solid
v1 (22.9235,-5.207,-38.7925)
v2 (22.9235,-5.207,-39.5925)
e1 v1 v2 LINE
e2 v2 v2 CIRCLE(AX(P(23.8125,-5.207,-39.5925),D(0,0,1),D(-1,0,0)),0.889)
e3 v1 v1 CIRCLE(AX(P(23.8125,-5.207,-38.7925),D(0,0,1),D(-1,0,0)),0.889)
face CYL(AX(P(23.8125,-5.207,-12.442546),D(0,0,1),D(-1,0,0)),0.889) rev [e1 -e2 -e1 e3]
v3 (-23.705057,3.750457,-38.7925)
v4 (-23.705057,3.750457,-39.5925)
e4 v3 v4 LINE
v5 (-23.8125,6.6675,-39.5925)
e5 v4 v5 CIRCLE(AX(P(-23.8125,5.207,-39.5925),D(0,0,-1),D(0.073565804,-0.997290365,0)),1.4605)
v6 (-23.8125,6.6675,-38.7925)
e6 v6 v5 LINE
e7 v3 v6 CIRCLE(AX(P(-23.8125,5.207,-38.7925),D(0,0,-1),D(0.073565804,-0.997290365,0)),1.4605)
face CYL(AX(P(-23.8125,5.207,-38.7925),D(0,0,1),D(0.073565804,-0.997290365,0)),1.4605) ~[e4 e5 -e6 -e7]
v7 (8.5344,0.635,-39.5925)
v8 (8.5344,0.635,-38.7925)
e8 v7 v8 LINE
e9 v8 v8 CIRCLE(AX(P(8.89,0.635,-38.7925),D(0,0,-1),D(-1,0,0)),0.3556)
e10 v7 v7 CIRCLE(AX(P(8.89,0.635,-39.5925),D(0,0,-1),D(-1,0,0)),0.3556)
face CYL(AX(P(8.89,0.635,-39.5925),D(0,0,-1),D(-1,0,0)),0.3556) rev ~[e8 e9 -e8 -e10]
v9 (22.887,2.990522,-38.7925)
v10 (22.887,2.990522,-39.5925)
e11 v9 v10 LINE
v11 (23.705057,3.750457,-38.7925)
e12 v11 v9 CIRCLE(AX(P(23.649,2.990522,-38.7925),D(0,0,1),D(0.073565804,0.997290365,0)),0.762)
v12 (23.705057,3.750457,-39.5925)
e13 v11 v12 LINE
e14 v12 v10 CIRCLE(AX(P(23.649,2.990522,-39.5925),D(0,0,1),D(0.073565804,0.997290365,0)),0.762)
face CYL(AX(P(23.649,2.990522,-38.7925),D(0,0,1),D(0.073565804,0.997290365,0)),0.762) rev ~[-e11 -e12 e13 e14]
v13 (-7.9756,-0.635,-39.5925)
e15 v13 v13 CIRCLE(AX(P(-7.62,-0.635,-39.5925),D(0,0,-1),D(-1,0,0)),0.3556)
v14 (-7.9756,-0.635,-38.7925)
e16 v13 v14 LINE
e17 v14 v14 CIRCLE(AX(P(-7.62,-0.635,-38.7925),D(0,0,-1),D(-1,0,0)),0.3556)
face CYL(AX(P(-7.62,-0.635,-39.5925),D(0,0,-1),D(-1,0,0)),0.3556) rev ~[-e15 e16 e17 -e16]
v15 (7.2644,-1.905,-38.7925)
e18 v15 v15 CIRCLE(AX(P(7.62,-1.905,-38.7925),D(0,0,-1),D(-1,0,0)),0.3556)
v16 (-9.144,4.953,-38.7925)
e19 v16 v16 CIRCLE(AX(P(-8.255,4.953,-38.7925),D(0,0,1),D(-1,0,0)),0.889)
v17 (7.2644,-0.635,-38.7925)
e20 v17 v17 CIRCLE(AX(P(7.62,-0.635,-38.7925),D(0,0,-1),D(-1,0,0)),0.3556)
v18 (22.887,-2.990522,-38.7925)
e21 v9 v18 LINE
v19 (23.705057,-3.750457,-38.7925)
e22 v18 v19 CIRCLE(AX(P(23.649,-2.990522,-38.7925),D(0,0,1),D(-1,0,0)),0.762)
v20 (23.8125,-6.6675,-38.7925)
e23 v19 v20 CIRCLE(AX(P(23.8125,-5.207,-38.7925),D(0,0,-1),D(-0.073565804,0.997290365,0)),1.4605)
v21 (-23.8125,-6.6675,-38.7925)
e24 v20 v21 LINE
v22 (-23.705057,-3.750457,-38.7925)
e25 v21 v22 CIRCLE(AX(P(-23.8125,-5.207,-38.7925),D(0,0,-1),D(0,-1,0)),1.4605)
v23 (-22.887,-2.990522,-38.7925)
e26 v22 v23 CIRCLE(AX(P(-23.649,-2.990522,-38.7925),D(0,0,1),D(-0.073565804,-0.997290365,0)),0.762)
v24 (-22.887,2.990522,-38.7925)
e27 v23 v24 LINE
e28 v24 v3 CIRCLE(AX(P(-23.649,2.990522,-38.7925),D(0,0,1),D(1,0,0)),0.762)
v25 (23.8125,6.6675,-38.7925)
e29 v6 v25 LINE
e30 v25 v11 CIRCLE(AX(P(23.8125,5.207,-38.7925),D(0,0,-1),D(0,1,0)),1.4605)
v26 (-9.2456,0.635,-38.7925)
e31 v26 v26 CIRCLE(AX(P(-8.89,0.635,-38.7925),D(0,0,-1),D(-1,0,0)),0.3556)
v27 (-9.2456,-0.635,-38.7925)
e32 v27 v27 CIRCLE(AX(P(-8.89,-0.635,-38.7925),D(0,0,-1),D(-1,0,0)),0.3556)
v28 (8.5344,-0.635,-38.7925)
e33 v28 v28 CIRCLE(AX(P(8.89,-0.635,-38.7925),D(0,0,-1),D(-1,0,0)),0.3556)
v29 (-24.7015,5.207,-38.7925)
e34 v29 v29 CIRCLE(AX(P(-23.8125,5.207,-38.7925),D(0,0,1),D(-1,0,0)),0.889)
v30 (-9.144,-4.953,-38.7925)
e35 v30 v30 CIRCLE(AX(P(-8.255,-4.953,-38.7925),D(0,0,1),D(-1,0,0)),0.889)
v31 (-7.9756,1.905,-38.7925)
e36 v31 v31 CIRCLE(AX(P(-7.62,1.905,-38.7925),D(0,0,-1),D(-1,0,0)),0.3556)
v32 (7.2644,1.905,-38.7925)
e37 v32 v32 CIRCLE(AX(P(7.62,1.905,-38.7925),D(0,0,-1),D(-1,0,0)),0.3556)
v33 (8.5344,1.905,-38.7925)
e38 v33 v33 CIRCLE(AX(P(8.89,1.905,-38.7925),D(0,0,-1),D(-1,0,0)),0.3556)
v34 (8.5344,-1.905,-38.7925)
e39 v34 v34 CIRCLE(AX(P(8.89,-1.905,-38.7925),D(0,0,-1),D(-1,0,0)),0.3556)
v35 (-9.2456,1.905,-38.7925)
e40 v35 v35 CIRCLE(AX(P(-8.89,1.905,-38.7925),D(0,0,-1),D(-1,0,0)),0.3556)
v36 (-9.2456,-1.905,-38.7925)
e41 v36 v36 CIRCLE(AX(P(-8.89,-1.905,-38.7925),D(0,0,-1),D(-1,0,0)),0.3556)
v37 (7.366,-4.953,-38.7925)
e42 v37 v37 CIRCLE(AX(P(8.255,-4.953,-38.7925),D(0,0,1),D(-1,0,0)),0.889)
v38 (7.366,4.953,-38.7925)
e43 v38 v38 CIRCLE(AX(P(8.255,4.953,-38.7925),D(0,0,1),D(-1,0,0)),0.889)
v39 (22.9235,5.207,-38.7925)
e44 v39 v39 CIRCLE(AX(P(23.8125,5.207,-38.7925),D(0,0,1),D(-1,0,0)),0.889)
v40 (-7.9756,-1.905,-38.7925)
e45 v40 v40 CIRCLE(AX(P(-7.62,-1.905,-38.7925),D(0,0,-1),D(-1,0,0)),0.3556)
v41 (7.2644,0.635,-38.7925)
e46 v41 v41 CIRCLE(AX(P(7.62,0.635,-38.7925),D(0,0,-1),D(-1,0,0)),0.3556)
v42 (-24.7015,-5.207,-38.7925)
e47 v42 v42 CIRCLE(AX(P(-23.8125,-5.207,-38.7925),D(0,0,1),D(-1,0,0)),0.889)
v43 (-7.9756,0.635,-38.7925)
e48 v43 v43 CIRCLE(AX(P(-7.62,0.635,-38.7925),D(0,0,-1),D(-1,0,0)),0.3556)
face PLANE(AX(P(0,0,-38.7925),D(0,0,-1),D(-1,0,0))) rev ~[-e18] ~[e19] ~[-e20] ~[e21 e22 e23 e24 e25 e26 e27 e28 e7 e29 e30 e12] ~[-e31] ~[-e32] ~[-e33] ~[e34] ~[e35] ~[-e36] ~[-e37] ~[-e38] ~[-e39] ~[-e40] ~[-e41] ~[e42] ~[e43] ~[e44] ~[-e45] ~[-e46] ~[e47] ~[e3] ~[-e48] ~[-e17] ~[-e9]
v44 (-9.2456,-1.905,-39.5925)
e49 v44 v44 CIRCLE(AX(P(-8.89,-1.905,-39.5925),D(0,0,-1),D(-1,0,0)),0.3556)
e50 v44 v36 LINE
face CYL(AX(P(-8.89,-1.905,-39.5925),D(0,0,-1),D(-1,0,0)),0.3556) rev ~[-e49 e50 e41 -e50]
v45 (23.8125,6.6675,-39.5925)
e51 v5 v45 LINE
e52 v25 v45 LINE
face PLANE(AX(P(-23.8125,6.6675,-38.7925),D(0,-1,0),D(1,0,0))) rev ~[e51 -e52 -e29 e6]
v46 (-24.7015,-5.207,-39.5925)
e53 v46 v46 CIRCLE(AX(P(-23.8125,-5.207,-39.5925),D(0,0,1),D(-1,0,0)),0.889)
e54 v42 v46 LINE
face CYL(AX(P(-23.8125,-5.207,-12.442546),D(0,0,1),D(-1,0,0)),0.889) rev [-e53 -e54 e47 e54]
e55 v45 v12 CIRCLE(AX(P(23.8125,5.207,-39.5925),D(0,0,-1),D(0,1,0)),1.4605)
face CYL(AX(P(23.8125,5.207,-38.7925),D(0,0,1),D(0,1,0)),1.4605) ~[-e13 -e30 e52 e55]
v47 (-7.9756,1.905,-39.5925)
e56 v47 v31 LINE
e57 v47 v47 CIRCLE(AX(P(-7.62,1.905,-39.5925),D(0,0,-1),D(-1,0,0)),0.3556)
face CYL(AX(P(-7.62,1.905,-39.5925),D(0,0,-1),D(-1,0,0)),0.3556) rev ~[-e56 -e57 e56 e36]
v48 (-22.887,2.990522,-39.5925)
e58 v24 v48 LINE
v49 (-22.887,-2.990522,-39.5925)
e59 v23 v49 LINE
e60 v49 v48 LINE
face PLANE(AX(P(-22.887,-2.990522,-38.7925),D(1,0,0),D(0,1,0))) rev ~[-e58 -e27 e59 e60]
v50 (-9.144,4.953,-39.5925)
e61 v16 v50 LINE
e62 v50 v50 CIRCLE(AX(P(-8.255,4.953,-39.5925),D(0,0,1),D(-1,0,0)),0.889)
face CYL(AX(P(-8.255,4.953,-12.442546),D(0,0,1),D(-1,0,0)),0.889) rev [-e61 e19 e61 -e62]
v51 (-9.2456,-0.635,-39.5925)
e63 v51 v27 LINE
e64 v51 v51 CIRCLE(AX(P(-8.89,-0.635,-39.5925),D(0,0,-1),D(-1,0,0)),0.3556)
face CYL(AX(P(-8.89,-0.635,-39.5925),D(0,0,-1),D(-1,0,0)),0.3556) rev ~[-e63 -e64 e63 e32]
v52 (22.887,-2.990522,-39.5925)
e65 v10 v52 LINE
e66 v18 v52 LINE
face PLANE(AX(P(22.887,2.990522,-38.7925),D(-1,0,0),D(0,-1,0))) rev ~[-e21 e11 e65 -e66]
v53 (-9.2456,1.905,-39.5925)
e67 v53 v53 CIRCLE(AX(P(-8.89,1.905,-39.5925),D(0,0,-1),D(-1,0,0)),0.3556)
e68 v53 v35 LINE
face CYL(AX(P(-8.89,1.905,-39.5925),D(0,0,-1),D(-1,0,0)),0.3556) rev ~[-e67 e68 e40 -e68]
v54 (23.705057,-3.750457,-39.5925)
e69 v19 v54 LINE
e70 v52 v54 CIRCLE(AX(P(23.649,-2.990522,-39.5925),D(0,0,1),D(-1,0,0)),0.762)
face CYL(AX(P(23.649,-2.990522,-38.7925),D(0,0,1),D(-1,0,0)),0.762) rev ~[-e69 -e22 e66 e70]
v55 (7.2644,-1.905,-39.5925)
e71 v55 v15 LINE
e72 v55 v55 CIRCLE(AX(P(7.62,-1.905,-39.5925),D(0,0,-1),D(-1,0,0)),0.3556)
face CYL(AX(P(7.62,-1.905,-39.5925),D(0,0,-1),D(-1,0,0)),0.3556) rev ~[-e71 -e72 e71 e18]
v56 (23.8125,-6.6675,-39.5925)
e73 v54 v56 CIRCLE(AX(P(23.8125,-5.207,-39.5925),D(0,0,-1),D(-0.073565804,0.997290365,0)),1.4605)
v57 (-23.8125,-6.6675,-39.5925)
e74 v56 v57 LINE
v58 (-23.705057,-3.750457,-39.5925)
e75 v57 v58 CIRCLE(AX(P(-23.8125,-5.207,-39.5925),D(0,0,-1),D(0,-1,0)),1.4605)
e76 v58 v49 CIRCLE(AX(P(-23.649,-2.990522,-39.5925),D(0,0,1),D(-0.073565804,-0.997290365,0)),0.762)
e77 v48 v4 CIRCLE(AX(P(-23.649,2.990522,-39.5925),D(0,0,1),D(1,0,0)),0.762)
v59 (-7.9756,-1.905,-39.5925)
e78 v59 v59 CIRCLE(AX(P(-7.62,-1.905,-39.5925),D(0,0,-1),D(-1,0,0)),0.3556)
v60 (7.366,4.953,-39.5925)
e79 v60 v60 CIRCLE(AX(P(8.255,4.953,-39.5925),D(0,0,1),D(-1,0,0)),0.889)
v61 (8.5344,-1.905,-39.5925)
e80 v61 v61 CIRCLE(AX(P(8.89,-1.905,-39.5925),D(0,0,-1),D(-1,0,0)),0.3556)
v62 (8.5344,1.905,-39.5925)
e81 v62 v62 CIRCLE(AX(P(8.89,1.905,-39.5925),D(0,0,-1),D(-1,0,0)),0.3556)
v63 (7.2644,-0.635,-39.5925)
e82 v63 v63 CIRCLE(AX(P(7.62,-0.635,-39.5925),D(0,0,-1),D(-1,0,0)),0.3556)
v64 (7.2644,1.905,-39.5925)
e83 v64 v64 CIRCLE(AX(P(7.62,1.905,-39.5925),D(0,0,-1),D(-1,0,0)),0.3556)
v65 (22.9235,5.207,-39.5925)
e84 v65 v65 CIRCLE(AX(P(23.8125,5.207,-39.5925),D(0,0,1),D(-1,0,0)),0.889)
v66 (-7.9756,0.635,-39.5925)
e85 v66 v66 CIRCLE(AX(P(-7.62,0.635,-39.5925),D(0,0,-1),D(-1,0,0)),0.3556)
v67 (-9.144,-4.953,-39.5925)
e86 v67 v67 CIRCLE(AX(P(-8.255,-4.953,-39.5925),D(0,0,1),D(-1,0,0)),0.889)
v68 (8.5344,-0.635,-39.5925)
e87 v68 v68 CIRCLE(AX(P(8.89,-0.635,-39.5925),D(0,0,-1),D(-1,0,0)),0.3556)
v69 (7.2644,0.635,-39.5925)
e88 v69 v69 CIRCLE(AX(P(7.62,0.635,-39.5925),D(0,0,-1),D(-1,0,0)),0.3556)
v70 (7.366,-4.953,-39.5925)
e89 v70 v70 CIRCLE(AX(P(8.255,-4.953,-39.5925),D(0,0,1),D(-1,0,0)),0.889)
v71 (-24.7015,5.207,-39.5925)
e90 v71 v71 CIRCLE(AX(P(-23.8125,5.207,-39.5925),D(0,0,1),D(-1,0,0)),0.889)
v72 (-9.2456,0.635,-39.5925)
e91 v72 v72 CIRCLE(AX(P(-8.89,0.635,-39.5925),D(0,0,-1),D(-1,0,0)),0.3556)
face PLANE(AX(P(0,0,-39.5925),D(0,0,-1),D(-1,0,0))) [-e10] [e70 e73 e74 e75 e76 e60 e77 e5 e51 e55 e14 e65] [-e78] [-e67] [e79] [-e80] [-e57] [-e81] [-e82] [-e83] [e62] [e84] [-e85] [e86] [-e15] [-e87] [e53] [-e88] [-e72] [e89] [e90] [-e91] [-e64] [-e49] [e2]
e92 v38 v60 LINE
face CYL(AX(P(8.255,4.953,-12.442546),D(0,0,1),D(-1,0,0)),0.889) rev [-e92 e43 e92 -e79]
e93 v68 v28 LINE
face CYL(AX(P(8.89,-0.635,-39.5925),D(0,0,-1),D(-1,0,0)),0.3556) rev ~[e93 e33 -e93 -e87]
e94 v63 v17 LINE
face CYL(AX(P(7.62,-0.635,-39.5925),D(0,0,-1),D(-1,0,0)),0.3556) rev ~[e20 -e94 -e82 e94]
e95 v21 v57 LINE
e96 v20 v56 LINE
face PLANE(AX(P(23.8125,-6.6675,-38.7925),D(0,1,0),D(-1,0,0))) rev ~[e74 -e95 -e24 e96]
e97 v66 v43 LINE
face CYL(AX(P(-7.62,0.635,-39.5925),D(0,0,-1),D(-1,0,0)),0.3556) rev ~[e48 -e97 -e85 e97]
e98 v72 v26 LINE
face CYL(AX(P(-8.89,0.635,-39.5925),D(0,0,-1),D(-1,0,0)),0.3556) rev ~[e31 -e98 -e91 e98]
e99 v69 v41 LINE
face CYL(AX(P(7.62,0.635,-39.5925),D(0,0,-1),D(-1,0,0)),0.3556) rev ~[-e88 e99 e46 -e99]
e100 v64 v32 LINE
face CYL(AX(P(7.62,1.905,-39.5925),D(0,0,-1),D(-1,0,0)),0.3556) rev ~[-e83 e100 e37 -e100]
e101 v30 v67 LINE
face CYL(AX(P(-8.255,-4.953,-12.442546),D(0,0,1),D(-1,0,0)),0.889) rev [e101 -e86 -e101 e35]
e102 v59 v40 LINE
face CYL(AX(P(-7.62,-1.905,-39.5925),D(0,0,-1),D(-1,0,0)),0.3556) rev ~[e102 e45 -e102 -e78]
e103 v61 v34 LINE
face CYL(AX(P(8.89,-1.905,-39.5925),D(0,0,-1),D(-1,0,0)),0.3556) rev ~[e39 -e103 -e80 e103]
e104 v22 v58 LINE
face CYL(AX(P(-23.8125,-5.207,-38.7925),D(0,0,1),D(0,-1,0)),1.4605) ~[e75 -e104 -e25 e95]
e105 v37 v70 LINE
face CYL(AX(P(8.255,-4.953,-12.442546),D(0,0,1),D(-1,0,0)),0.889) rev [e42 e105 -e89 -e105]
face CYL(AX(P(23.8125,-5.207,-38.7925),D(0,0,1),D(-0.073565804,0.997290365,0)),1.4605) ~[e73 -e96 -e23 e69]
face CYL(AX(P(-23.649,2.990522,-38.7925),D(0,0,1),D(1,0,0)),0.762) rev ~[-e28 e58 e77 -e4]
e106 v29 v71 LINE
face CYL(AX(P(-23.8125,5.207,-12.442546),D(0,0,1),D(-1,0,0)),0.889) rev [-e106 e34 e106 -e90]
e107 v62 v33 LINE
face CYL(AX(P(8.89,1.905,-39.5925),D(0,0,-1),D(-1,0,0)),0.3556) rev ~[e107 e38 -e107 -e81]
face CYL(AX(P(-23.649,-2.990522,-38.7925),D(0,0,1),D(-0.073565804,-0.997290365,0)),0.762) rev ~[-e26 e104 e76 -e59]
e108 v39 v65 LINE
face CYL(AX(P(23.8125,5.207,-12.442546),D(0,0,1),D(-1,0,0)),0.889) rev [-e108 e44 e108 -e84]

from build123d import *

# Parameters (mm, degrees)
BOSS_EXTRUDE1_DEPTH     = 0.8
SKETCH2_R               = 0.3556
CUT_EXTRUDE1_DEPTH      = 27.149953829
CUT_EXTRUDE2_DEPTH      = 27.149953829
CUT_EXTRUDE2_DEPTH_BACK = 27.149953829
SKETCH3_R               = 0.889


with BuildPart() as part:
    # Sketch1 → Boss-Extrude1 (new body)
    with BuildSketch(Plane(origin=(0, 0, -38.7925), x_dir=(-1, 0, 0), z_dir=(0, 0, -1))):
        with BuildLine():
            Line((23.8125, 6.6675), (-23.8125, 6.6675))
            ThreePointArc((-23.8125, 6.6675), (-25.272010309, 5.153242143), (-23.705057143, 3.750457422))
            ThreePointArc((-23.705057143, 3.750457422), (-23.130382387, 3.548805041), (-22.887, 2.990522163))
            Line((-22.887, 2.990522163), (-22.887, -2.990522163))
            ThreePointArc((-22.887, -2.990522163), (-23.130382387, -3.548805041), (-23.705057143, -3.750457422))
            ThreePointArc((-23.705057143, -3.750457422), (-25.272010309, -5.153242143), (-23.8125, -6.6675))
            Line((-23.8125, -6.6675), (23.8125, -6.6675))
            ThreePointArc((23.8125, -6.6675), (25.272010309, -5.153242143), (23.705057143, -3.750457422))
            ThreePointArc((23.705057143, -3.750457422), (23.130382387, -3.548805041), (22.887, -2.990522163))
            Line((22.887, -2.990522163), (22.887, 2.990522163))
            ThreePointArc((22.887, 2.990522163), (23.130382387, 3.548805041), (23.705057143, 3.750457422))
            ThreePointArc((23.705057143, 3.750457422), (25.272010309, 5.153242143), (23.8125, 6.6675))
        make_face()
    extrude(amount=BOSS_EXTRUDE1_DEPTH)

    # Sketch2 → Cut-Extrude1 (cut, through all)
    with BuildSketch(Plane(origin=(0, 0, -39.5925), x_dir=(-1, 0, 0), z_dir=(0, 0, -1))):
        with Locations((-7.62, -1.905)):
            Circle(SKETCH2_R)
        with Locations((-8.89, -1.905)):
            Circle(SKETCH2_R)
        with Locations((-7.62, 1.905)):
            Circle(SKETCH2_R)
        with Locations((-8.89, 1.905)):
            Circle(SKETCH2_R)
        with Locations((-7.62, 0.635)):
            Circle(SKETCH2_R)
        with Locations((-8.89, 0.635)):
            Circle(SKETCH2_R)
        with Locations((-7.62, -0.635)):
            Circle(SKETCH2_R)
        with Locations((-8.89, -0.635)):
            Circle(SKETCH2_R)
        with Locations((8.89, 1.905)):
            Circle(SKETCH2_R)
        with Locations((7.62, 1.905)):
            Circle(SKETCH2_R)
        with Locations((8.89, -1.905)):
            Circle(SKETCH2_R)
        with Locations((7.62, -1.905)):
            Circle(SKETCH2_R)
        with Locations((8.89, -0.635)):
            Circle(SKETCH2_R)
        with Locations((7.62, -0.635)):
            Circle(SKETCH2_R)
        with Locations((8.89, 0.635)):
            Circle(SKETCH2_R)
        with Locations((7.62, 0.635)):
            Circle(SKETCH2_R)
    extrude(amount=-CUT_EXTRUDE1_DEPTH, mode=Mode.SUBTRACT)

    # Sketch3 → Cut-Extrude2 (cut, two sides: drawn at the far end of the back side and taken through both)
    with BuildSketch(Plane(origin=(0, 0, -39.5925), x_dir=(-1, 0, 0), z_dir=(0, 0, -1)).offset(-CUT_EXTRUDE2_DEPTH_BACK)):
        with Locations((-23.8125, 5.207)):
            Circle(SKETCH3_R)
        with Locations((-23.8125, -5.207)):
            Circle(SKETCH3_R)
        with Locations((23.8125, 5.207)):
            Circle(SKETCH3_R)
        with Locations((23.8125, -5.207)):
            Circle(SKETCH3_R)
        with Locations((-8.255, 4.953)):
            Circle(SKETCH3_R)
        with Locations((8.255, 4.953)):
            Circle(SKETCH3_R)
        with Locations((8.255, -4.953)):
            Circle(SKETCH3_R)
        with Locations((-8.255, -4.953)):
            Circle(SKETCH3_R)
    extrude(amount=CUT_EXTRUDE2_DEPTH + CUT_EXTRUDE2_DEPTH_BACK, mode=Mode.SUBTRACT)


solid = part.part
